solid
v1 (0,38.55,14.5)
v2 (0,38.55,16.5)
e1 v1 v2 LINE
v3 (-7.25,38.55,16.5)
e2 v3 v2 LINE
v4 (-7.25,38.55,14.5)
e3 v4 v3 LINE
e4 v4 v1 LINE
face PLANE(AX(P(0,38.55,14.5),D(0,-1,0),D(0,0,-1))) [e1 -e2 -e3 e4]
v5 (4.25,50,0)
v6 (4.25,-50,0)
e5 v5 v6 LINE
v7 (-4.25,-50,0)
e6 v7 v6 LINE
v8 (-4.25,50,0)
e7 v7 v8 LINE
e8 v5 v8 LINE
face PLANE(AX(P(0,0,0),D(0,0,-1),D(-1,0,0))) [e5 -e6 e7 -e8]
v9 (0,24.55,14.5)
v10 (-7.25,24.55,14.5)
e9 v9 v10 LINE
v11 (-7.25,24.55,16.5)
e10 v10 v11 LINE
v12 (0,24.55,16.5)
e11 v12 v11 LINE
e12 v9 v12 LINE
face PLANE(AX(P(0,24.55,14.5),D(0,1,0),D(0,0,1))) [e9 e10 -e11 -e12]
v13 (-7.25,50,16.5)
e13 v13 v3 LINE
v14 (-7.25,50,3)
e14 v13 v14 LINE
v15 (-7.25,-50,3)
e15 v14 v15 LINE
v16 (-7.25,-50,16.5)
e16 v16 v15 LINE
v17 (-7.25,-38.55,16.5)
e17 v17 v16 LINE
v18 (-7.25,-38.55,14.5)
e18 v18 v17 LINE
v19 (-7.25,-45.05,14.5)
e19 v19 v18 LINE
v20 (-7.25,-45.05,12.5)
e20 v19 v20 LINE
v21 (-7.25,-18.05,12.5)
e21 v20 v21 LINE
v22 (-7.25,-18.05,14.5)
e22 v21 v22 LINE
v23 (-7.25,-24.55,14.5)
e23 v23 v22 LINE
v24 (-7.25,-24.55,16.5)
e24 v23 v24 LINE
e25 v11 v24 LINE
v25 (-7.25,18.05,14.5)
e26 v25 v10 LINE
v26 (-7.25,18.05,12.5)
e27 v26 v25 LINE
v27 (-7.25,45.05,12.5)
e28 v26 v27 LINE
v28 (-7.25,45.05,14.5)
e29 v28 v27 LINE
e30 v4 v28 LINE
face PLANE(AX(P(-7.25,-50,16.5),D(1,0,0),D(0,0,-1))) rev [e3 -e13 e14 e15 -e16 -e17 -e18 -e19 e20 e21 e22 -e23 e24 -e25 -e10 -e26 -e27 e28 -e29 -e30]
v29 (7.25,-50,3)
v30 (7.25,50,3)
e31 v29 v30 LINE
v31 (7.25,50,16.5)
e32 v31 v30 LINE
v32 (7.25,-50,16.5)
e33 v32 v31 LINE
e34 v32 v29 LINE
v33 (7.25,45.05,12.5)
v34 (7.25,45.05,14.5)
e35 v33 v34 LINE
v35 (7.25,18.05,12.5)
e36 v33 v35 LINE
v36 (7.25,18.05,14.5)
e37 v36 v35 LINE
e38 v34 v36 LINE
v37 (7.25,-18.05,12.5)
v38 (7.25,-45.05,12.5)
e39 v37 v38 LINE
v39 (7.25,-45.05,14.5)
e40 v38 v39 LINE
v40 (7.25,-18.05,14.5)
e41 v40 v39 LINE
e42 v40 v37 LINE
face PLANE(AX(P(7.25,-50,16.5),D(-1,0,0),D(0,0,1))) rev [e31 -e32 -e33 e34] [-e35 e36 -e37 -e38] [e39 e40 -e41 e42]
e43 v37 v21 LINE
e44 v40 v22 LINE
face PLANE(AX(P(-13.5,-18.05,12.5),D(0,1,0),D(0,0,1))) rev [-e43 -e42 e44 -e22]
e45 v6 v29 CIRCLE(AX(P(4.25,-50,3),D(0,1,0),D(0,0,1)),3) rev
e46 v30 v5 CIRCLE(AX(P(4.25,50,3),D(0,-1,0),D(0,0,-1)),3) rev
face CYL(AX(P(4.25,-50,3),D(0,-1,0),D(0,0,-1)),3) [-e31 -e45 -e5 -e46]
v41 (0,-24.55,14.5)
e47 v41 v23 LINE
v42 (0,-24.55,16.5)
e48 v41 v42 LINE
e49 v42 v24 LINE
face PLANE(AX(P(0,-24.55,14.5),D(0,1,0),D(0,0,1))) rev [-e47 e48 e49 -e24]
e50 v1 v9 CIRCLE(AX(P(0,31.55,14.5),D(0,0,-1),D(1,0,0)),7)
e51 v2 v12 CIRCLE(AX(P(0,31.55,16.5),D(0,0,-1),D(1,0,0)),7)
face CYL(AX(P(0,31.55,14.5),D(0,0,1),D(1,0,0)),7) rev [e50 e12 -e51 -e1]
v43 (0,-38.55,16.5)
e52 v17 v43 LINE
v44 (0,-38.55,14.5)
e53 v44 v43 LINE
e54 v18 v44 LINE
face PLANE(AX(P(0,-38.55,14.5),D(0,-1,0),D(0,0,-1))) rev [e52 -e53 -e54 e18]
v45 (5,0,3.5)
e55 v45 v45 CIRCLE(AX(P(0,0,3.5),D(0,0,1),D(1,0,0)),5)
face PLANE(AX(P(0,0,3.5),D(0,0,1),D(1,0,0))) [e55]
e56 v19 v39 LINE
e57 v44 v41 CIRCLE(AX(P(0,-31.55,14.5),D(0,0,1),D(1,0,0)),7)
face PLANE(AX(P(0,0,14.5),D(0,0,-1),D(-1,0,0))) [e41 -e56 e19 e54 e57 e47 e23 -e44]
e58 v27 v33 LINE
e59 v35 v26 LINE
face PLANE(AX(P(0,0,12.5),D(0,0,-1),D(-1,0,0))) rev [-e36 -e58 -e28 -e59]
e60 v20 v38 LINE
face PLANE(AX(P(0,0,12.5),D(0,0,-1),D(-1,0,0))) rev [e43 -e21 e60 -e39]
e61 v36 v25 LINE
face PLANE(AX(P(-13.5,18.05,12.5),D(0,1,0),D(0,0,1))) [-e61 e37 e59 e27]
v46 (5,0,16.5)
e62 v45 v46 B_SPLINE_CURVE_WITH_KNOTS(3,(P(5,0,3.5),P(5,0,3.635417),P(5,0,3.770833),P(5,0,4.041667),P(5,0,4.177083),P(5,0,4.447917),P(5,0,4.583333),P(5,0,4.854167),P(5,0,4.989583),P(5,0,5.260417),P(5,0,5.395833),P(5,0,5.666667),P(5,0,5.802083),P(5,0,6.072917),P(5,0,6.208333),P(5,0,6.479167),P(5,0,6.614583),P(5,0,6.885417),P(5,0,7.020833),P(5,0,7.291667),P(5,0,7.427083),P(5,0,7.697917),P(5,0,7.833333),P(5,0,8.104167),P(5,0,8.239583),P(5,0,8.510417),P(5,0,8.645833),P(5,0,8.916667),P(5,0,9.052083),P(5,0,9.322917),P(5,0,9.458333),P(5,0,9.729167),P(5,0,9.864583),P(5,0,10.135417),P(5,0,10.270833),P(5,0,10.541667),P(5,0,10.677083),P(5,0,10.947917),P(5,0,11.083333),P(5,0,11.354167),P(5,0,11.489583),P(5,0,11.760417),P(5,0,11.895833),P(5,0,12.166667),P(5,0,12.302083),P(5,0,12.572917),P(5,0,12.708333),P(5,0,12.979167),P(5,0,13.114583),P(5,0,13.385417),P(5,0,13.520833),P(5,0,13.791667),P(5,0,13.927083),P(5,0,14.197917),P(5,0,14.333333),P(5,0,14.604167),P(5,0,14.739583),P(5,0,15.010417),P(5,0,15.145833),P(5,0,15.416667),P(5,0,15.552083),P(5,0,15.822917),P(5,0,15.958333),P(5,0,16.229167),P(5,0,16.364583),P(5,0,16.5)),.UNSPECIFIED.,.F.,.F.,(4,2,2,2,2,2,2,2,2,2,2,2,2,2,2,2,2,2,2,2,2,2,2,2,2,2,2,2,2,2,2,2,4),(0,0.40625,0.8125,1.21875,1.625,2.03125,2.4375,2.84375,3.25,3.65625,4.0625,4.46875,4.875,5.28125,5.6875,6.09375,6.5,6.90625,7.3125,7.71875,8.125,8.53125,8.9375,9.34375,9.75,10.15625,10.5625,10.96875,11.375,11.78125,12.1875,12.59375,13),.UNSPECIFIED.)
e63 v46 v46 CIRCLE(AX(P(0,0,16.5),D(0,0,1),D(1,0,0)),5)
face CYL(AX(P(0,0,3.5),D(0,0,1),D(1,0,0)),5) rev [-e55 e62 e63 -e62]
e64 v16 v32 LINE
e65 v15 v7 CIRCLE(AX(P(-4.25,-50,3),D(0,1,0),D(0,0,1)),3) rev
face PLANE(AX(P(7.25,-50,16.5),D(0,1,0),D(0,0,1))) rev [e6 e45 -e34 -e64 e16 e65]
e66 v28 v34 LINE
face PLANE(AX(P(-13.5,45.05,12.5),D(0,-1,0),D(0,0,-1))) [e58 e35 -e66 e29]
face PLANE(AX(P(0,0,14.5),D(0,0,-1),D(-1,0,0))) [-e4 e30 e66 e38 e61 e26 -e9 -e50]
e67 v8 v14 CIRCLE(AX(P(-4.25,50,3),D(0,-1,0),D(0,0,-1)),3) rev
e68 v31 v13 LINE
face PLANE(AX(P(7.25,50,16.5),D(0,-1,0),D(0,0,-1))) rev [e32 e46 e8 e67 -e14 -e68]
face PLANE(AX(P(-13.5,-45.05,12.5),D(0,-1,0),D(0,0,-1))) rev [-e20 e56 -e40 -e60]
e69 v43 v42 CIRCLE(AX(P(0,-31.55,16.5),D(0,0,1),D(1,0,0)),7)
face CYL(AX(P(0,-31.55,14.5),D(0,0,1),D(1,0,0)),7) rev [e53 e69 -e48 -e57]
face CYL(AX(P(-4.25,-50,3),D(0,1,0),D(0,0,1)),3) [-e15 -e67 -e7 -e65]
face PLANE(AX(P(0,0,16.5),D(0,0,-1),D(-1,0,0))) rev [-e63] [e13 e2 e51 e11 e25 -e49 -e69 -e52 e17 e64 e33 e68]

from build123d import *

# Parameters (mm, degrees)
SKETCH7_W           = 100
SKETCH7_H           = 14.5
BOSS_EXTRUDE1_DEPTH = 16.5
SKETCH8_R           = 5
CUT_EXTRUDE2_DEPTH  = 13
CUT_EXTRUDE3_START  = -2
SKETCH9_W           = 27
SKETCH9_H           = 27
CUT_EXTRUDE3_DEPTH  = 2
CUT_EXTRUDE4_DEPTH  = 2
FILLET1_R           = 3
FILLET2_R           = 3


with BuildPart() as part:
    # Sketch7 → Boss-Extrude1 (new body)
    with BuildSketch(Plane(origin=(0, 0, 0), x_dir=(0, 1, 0), z_dir=(0, 0, 1))):
        Rectangle(SKETCH7_W, SKETCH7_H)
    extrude(amount=BOSS_EXTRUDE1_DEPTH)

    # Sketch8 → Cut-Extrude2 (cut)
    with BuildSketch(Plane(origin=(0, 0, 16.5), x_dir=(0, -1, 0), z_dir=(0, 0, 1))):
        with Locations(Location((0, 0, 0), (0, 0, 90))):
            Circle(SKETCH8_R)
    extrude(amount=-CUT_EXTRUDE2_DEPTH, mode=Mode.SUBTRACT)

    # Sketch9 → Cut-Extrude3 (cut)
    with BuildSketch(Plane.XY.offset(16.5).offset(CUT_EXTRUDE3_START)):
        with Locations((0, -31.55)):
            Rectangle(SKETCH9_W, SKETCH9_H)
    cut_extrude3 = extrude(amount=-CUT_EXTRUDE3_DEPTH, mode=Mode.SUBTRACT)

    # Sketch10 → Cut-Extrude4 (cut)
    with BuildSketch(Plane.XY.offset(16.5)):
        with BuildLine():
            Line((0, -24.55), (-7.25, -24.55))
            Line((-7.25, -24.55), (-7.25, -38.55))
            Line((-7.25, -38.55), (0, -38.55))
            ThreePointArc((0, -38.55), (7, -31.55), (0, -24.55))
        make_face()
    cut_extrude4 = extrude(amount=-CUT_EXTRUDE4_DEPTH, mode=Mode.SUBTRACT)

    # Mirror1: Cut-Extrude3 across plane
    add(cut_extrude3.mirror(Plane.ZX), mode=Mode.SUBTRACT)

    # Mirror2: Cut-Extrude4 across plane
    add(cut_extrude4.mirror(Plane.ZX), mode=Mode.SUBTRACT)

    # Fillet1
    fillet1_edges = [part.edges().sort_by_distance(p)[0] for p in [
        (-7.25, 0, 0),
    ]]
    fillet(fillet1_edges, radius=FILLET1_R)

    # Fillet2
    fillet2_edges = [part.edges().sort_by_distance(p)[0] for p in [
        (7.25, 0, 0),
    ]]
    fillet(fillet2_edges, radius=FILLET2_R)


solid = part.part
